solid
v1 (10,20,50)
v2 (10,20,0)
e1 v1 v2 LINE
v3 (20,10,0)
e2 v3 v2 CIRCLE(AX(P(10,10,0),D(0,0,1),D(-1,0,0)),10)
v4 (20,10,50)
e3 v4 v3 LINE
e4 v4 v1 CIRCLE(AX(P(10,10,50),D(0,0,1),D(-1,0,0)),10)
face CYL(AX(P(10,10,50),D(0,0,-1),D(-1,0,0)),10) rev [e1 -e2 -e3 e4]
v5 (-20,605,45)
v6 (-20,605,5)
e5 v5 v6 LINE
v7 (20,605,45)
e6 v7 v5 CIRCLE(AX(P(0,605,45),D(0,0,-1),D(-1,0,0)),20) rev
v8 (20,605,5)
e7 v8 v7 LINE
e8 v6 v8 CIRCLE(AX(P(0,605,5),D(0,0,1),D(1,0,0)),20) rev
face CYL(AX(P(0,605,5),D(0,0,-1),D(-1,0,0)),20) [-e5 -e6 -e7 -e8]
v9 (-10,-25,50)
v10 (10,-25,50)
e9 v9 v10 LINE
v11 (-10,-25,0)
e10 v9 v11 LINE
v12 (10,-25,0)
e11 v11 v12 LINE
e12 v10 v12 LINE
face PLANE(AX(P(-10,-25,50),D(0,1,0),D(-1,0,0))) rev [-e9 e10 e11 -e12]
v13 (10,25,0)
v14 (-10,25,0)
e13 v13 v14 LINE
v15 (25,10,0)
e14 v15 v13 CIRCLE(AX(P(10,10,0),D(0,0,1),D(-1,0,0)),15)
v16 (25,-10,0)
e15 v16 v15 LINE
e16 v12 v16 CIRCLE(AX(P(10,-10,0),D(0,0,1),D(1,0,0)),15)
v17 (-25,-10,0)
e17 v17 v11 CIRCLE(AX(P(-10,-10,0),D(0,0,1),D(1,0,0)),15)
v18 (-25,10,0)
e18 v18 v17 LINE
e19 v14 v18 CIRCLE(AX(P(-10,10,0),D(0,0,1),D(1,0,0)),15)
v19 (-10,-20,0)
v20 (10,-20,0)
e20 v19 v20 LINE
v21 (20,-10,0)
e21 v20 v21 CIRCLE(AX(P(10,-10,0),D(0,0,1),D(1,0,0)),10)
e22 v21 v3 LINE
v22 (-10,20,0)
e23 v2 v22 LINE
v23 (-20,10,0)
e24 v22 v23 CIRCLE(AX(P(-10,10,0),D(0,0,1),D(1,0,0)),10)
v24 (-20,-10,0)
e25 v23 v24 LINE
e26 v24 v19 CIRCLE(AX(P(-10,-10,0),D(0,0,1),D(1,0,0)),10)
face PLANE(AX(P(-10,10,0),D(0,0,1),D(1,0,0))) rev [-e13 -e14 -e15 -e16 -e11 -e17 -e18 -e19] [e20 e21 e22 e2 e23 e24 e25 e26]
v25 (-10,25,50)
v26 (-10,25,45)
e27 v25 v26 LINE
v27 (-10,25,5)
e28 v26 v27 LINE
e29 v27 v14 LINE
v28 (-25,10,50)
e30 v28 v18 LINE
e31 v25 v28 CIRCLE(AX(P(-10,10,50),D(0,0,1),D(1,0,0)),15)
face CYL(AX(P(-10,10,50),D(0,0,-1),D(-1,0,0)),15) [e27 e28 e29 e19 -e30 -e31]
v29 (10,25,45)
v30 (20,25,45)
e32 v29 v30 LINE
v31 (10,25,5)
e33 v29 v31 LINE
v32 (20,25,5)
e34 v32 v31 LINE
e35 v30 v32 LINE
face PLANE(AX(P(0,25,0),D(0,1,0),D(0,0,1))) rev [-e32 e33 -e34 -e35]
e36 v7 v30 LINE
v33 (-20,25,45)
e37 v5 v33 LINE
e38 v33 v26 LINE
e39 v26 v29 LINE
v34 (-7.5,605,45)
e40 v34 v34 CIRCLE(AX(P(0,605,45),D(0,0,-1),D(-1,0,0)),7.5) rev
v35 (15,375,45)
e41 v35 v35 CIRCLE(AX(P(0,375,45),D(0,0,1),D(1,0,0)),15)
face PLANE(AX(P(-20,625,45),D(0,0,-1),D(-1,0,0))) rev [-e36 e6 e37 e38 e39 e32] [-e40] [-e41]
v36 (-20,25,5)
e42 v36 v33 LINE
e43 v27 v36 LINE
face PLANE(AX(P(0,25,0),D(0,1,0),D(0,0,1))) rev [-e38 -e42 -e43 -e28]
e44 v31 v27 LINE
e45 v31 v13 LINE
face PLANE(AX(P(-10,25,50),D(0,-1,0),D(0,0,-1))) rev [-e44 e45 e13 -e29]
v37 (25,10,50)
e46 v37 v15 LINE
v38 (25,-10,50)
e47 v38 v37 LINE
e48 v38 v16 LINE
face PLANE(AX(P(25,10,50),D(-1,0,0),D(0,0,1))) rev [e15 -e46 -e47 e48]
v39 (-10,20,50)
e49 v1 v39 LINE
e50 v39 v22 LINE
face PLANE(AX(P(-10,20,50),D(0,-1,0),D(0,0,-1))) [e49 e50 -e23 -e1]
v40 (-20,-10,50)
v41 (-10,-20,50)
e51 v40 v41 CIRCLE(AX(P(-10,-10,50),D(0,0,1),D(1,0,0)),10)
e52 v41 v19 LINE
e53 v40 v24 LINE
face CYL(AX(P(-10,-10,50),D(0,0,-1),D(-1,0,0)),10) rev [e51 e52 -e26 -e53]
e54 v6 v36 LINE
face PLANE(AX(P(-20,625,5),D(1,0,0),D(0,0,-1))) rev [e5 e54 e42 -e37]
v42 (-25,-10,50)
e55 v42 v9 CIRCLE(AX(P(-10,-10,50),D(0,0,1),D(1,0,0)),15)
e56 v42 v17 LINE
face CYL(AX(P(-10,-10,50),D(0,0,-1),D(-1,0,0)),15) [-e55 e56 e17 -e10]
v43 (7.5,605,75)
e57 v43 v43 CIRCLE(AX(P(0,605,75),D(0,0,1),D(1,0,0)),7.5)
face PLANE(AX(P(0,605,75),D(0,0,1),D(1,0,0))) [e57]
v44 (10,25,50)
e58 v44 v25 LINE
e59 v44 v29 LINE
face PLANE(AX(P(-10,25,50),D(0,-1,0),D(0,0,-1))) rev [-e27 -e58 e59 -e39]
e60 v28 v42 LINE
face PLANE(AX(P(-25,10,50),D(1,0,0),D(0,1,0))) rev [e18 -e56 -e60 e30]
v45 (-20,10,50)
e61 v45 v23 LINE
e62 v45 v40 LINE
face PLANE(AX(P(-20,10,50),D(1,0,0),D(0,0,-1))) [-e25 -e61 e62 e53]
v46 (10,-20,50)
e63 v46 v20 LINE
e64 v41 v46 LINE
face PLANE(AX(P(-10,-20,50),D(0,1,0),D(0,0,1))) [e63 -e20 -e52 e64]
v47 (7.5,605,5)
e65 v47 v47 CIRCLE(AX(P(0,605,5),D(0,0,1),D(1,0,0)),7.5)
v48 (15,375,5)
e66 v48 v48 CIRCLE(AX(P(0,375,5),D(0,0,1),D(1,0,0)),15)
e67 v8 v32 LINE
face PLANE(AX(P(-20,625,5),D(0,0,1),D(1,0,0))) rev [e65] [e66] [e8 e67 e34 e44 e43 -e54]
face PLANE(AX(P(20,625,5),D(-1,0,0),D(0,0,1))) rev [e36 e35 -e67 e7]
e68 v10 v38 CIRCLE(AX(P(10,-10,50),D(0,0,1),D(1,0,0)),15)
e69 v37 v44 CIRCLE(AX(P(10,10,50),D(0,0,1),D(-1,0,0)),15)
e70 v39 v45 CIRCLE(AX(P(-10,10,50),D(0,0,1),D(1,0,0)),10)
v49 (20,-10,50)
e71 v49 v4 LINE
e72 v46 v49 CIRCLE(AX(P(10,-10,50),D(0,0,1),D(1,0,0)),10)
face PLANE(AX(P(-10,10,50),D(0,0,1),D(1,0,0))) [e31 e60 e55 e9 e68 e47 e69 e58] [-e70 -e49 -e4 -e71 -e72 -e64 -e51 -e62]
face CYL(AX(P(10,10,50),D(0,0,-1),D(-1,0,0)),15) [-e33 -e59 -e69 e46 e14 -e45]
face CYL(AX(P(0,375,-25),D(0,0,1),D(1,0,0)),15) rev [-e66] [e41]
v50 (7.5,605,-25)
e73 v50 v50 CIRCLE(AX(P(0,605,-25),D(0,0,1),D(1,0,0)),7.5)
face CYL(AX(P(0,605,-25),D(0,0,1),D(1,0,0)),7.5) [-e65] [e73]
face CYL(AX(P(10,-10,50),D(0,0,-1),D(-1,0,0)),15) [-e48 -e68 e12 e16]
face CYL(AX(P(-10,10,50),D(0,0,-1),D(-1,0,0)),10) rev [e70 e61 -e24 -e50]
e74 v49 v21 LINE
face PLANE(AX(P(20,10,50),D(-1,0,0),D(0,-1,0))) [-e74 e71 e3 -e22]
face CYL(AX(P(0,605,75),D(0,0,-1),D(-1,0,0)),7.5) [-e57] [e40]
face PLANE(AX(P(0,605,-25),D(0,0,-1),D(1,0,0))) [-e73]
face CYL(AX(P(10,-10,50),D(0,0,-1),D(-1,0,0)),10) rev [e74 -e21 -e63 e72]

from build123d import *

# Parameters (mm, degrees)
EXTRUDE_1_DEPTH     = 50
SKETCH_2_W          = 40
SKETCH_2_H          = 40
EXTRUDE_2_DEPTH     = 600
FILLET_1_RADIUS     = 20
FILLET_1_LENGTH     = 40
SKETCH_5_R          = 7.5
EXTRUDE_4_DEPTH     = 30
SKETCH_6_R          = 15
CUT_EXTRUDE_1_DEPTH = 631.892225344


with BuildPart() as part:
    # 草图1 → 凸台-拉伸1 (new body)
    with BuildSketch(Plane.XY):
        with BuildLine():
            Line((-10, 25), (10, 25))
            ThreePointArc((10, 25), (20.606601718, 20.606601718), (25, 10))
            Line((25, 10), (25, -10))
            ThreePointArc((25, -10), (20.606601718, -20.606601718), (10, -25))
            Line((10, -25), (-10, -25))
            ThreePointArc((-10, -25), (-20.606601718, -20.606601718), (-25, -10))
            Line((-25, -10), (-25, 10))
            ThreePointArc((-25, 10), (-20.606601718, 20.606601718), (-10, 25))
        make_face()
        with BuildLine():
            Line((-10, 20), (10, 20))
            ThreePointArc((10, 20), (17.071067812, 17.071067812), (20, 10))
            Line((20, 10), (20, -10))
            ThreePointArc((20, -10), (17.071067812, -17.071067812), (10, -20))
            Line((10, -20), (-10, -20))
            ThreePointArc((-10, -20), (-17.071067812, -17.071067812), (-20, -10))
            Line((-20, -10), (-20, 10))
            ThreePointArc((-20, 10), (-17.071067812, 17.071067812), (-10, 20))
        make_face(mode=Mode.SUBTRACT)
    extrude(amount=EXTRUDE_1_DEPTH)

    # 草图2 → 凸台-拉伸2 (add)
    with BuildSketch(Plane(origin=(0, 25, 0), x_dir=(1, 0, 0), z_dir=(0, 1, 0))):
        with Locations((0, -25)):
            Rectangle(SKETCH_2_W, SKETCH_2_H)
    extrude(amount=EXTRUDE_2_DEPTH)

    # 圆角1: full round fillet: the end face becomes a half cylinder, R = half its width
    fillet_1_face = Plane((0, 625, 25), x_dir=(0, 0, -1), z_dir=(0, 1, 0))  # on the end face: x along it, z out of the body
    fillet_1_slab = fillet_1_face.offset(-FILLET_1_RADIUS / 2) * Box(FILLET_1_LENGTH, 2 * FILLET_1_RADIUS, FILLET_1_RADIUS, mode=Mode.PRIVATE)  # the body's end, R deep
    fillet_1_round = Plane((0, 605, 25), x_dir=(0, 1, 0), z_dir=(0, 0, -1)) * Cylinder(FILLET_1_RADIUS, FILLET_1_LENGTH, mode=Mode.PRIVATE)  # its axis R under the face
    add(fillet_1_slab - fillet_1_round, mode=Mode.SUBTRACT)

    # 草图5 → 凸台-拉伸4 (add)
    with BuildSketch(Plane.XY.offset(45)):
        with Locations(Location((0, 605, 0), (0, 0, 180))):
            Circle(SKETCH_5_R)
    extrude_4 = extrude(amount=EXTRUDE_4_DEPTH)

    # 镜向2: 凸台-拉伸4 across plane
    add(extrude_4.mirror(Plane.XY.offset(25)))

    # 草图6 → 切除-拉伸1 (cut, through all)
    with BuildSketch(Plane(origin=(25, 0, 45), x_dir=(1, 0, 0), z_dir=(0, 0, 1))):
        with Locations((-25, 375)):
            Circle(SKETCH_6_R)
    extrude(amount=-CUT_EXTRUDE_1_DEPTH, mode=Mode.SUBTRACT)


solid = part.part
